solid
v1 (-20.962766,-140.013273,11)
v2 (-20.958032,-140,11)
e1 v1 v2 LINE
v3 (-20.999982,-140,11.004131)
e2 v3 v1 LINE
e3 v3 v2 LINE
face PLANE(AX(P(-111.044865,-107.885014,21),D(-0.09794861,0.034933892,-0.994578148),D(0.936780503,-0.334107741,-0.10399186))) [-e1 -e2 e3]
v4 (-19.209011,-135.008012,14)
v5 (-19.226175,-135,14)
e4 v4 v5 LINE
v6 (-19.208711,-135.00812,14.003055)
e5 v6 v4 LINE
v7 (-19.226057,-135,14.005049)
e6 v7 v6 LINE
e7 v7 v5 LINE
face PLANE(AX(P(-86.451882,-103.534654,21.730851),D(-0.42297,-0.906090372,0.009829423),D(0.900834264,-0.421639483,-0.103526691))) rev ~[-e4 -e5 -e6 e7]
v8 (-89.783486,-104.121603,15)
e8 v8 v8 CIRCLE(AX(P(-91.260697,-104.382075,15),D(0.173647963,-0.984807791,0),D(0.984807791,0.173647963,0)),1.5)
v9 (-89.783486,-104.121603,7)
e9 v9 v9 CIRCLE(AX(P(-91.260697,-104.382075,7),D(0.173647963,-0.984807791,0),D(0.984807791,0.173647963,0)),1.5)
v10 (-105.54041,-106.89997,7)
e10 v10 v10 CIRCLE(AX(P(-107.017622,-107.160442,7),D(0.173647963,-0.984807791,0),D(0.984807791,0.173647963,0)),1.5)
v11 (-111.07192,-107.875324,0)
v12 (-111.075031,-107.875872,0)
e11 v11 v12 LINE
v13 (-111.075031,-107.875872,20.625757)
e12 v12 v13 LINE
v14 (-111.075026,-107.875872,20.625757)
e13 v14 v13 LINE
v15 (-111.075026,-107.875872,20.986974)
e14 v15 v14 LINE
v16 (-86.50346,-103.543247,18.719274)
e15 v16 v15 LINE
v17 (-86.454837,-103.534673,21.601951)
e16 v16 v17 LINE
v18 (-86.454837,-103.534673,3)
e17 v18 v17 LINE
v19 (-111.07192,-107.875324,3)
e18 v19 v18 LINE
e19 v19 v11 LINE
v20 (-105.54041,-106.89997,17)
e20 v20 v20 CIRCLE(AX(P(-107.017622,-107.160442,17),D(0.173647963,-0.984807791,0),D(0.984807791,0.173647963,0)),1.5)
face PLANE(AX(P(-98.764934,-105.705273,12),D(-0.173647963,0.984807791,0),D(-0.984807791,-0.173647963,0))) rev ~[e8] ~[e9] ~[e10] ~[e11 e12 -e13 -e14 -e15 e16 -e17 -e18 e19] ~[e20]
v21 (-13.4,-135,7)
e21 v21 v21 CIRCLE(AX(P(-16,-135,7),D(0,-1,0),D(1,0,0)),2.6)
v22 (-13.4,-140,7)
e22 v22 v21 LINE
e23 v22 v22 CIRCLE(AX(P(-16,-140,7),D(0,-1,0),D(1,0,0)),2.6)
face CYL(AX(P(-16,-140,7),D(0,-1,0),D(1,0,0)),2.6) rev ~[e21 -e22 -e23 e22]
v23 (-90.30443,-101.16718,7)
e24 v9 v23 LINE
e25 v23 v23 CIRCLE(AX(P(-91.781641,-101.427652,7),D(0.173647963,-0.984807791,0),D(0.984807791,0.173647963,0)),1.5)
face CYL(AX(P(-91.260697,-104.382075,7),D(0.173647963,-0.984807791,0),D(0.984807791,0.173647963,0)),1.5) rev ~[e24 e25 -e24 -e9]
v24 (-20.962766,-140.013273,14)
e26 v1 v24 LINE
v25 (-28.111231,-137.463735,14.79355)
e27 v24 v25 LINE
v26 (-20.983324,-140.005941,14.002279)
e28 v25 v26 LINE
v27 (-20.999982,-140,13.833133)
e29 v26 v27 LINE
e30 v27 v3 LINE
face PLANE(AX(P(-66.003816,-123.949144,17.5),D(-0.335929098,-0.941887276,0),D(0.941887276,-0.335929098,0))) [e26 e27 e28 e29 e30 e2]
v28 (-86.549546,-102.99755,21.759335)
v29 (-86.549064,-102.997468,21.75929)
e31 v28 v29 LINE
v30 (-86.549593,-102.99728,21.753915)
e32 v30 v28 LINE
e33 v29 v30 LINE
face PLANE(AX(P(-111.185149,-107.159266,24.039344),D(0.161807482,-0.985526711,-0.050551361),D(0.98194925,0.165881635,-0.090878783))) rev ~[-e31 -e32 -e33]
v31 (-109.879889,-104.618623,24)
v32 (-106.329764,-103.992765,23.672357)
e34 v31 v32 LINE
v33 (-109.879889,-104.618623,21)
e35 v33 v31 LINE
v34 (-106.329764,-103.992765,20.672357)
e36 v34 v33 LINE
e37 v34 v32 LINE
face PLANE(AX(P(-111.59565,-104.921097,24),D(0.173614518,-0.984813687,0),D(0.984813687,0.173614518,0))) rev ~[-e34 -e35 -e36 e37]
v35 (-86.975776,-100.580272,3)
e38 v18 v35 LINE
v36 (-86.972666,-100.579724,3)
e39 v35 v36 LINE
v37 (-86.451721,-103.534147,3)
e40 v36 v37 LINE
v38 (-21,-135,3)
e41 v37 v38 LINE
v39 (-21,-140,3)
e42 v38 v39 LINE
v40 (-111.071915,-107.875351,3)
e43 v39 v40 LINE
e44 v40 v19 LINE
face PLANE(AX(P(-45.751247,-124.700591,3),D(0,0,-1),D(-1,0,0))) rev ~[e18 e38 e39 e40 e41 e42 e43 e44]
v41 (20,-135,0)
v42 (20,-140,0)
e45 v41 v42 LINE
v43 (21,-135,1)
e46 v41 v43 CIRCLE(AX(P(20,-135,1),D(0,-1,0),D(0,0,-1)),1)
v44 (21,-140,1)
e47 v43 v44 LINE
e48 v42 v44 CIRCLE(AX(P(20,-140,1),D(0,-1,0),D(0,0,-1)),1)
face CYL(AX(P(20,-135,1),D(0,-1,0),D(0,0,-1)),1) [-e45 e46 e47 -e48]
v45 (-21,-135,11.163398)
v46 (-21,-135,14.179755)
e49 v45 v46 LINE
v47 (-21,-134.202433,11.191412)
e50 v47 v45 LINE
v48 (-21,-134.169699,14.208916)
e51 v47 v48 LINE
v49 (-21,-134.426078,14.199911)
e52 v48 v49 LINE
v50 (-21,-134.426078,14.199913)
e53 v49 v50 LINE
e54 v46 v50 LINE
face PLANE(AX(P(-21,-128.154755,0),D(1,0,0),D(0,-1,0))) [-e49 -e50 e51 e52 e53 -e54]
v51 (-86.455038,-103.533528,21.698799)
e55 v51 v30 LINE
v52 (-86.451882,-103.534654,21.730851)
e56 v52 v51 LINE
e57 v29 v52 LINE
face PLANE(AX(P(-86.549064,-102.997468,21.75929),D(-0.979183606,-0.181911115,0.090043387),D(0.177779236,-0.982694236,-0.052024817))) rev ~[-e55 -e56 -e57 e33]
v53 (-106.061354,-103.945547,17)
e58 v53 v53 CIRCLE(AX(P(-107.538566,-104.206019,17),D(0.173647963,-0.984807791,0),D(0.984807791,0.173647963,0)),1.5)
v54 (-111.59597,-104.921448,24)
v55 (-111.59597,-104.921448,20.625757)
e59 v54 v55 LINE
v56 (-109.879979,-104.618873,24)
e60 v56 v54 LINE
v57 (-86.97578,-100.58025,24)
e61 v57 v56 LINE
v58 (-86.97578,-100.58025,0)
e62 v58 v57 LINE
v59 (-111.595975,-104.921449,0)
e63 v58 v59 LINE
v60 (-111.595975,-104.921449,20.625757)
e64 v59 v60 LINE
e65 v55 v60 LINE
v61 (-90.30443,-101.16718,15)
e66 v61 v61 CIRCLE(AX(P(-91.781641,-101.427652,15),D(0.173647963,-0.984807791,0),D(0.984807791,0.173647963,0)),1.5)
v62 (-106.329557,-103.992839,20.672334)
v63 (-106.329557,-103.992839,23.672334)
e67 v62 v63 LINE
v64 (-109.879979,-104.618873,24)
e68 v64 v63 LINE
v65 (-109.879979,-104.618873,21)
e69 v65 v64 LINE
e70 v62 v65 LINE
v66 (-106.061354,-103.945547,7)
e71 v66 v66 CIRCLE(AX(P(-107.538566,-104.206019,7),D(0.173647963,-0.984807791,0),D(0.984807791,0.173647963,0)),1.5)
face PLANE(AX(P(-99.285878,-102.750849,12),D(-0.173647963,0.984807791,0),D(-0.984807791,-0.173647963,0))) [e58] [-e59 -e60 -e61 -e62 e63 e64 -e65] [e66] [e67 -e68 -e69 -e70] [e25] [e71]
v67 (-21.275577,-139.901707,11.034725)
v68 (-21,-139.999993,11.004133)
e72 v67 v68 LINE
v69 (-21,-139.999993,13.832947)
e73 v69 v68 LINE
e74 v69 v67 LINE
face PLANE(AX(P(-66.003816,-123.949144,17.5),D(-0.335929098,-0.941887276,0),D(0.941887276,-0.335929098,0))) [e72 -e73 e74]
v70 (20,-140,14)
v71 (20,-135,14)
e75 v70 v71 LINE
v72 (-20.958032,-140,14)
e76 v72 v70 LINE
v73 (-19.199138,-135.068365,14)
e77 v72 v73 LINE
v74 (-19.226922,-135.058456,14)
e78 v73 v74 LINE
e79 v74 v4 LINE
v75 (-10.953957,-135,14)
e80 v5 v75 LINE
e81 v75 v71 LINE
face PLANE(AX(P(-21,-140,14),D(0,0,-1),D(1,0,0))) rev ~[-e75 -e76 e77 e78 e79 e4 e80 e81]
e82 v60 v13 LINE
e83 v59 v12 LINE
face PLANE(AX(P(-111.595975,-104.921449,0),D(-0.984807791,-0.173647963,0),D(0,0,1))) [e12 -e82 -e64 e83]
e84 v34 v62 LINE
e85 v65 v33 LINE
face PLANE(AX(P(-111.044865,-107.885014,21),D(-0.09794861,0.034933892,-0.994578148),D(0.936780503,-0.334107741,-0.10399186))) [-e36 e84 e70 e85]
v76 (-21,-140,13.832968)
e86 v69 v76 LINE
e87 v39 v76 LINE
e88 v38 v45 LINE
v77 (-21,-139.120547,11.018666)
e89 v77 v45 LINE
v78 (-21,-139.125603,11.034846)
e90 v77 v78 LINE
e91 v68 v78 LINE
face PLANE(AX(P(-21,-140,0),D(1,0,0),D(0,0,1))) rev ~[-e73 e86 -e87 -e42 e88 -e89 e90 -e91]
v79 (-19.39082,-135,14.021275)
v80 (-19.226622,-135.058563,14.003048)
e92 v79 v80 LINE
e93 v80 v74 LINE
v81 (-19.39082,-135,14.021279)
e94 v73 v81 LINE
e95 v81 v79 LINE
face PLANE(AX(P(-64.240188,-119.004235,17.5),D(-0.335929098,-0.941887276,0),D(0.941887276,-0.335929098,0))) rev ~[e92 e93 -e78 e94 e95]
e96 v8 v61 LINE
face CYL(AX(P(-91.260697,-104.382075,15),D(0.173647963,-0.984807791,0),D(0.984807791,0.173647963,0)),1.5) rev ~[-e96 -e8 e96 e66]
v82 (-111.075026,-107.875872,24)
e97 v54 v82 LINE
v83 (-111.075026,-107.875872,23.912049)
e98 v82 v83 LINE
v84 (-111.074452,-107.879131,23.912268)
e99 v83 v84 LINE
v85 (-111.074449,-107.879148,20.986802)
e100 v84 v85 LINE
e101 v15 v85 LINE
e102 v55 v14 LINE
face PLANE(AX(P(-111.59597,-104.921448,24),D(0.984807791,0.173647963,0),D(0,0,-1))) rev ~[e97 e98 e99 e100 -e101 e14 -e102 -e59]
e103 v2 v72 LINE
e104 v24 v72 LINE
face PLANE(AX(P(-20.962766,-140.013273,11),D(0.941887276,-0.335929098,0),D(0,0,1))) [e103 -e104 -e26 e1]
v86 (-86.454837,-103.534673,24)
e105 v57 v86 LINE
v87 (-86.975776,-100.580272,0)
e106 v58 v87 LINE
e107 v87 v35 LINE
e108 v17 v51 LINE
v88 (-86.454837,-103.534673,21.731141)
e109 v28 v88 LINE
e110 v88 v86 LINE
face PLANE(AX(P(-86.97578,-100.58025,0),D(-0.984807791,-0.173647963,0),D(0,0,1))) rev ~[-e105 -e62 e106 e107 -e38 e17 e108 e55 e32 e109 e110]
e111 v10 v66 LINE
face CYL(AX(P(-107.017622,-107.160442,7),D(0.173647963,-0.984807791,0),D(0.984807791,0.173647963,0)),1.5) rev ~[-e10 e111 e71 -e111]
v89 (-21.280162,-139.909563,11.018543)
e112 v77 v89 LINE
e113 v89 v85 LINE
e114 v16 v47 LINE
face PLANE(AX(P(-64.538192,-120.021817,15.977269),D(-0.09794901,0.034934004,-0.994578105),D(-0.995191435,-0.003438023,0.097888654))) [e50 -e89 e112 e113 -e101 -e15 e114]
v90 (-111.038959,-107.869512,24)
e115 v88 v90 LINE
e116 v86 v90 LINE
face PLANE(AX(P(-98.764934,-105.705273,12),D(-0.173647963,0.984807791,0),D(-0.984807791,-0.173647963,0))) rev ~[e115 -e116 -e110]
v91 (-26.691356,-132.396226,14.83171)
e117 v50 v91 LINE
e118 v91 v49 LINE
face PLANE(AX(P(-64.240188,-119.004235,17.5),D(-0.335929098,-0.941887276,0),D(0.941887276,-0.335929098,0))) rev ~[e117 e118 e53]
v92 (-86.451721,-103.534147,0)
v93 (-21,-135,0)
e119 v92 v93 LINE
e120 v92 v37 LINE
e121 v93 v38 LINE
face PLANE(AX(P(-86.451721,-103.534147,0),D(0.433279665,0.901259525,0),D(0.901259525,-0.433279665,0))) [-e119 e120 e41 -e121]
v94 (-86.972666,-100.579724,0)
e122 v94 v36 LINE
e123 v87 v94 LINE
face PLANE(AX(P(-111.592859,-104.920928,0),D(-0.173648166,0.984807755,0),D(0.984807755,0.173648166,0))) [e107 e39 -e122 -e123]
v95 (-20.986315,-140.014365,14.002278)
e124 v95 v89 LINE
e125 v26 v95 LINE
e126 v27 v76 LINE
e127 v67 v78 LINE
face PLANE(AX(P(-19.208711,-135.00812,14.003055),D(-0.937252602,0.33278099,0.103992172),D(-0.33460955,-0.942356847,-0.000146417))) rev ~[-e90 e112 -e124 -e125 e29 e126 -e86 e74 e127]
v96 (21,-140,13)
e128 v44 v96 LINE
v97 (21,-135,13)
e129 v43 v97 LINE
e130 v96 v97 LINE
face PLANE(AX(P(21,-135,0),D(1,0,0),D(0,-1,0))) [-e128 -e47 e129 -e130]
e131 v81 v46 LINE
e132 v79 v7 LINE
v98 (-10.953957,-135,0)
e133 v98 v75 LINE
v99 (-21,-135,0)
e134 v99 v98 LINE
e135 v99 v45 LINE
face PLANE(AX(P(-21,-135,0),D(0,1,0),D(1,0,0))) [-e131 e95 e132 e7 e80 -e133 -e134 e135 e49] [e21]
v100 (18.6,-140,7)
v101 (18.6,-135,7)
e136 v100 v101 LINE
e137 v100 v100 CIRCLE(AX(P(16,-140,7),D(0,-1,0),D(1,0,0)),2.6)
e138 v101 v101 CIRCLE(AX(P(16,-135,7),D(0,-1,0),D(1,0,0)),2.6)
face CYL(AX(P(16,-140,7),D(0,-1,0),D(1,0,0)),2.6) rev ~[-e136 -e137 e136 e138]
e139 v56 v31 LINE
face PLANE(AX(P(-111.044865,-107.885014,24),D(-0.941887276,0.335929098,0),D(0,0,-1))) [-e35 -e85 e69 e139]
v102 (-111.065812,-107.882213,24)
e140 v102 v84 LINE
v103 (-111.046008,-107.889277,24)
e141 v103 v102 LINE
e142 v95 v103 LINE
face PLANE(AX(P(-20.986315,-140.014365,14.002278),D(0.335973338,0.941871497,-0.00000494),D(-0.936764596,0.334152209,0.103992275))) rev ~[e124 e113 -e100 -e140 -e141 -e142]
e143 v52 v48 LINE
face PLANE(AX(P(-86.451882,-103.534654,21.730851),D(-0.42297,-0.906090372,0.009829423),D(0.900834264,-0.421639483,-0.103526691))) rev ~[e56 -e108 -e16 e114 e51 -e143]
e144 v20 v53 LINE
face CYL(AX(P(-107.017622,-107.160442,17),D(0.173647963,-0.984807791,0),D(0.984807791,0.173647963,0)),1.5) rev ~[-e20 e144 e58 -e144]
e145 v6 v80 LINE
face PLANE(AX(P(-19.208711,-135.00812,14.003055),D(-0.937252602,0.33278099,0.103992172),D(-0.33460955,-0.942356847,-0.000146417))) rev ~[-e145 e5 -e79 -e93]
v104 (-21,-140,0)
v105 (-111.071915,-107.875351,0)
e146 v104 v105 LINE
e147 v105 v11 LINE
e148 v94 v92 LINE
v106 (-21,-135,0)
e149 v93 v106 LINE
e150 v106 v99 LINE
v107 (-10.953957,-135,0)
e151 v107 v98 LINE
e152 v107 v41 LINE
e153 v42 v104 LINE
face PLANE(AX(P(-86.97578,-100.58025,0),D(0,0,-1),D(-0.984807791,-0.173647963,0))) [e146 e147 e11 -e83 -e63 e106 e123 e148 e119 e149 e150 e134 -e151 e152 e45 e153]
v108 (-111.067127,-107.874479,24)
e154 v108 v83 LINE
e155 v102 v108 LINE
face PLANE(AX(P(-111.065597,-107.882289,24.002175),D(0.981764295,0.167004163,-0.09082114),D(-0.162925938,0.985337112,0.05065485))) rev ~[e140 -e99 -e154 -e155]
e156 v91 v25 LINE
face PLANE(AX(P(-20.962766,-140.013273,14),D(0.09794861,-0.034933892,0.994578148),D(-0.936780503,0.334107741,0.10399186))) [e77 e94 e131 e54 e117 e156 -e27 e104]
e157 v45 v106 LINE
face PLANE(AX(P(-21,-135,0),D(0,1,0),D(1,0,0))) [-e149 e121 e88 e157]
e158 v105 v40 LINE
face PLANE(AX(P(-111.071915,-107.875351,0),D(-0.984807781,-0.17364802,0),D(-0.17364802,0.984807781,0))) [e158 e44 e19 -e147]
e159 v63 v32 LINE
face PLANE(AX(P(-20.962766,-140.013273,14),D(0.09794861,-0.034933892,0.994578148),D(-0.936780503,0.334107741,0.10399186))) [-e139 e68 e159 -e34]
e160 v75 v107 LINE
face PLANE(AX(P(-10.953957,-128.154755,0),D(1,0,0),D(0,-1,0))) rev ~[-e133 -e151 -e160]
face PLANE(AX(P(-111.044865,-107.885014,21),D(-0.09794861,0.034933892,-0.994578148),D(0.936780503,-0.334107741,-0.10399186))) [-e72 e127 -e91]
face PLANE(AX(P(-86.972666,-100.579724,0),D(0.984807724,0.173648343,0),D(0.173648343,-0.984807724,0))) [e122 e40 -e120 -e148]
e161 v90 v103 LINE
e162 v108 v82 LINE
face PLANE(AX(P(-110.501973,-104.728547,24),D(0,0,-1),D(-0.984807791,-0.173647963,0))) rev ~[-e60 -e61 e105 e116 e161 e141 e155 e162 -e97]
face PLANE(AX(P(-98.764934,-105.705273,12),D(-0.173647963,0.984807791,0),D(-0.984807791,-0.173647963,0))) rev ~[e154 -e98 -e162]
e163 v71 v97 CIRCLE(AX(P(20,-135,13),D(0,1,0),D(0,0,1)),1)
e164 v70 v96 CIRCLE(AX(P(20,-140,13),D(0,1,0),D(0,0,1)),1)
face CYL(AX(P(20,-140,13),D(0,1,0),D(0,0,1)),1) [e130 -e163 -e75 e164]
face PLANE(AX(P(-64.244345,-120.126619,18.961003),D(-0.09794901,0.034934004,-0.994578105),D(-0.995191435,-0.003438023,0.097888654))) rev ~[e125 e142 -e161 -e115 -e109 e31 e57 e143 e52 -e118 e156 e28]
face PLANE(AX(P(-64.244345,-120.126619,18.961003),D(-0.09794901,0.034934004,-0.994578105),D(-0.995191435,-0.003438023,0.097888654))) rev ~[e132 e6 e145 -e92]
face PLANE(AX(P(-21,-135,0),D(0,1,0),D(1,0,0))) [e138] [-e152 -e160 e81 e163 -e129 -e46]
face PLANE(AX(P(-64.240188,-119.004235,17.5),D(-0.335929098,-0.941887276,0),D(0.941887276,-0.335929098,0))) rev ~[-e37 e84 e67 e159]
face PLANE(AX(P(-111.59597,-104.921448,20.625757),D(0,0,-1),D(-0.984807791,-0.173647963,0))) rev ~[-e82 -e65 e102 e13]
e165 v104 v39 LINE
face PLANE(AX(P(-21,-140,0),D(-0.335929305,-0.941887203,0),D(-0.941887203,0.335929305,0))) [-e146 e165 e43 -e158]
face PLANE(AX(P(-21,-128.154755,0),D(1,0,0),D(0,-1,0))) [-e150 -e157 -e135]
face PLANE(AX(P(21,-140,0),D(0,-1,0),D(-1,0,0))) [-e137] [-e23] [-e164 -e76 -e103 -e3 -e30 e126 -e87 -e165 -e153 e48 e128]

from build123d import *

# Parameters (mm, degrees)
PAD_DEPTH       = 3
SKETCH001_R     = 2.6
POCKET_DEPTH    = 39.421276
SKETCH002_W     = 42
SKETCH002_H     = 14
PAD001_DEPTH    = 5
SKETCH003_W     = 25
SKETCH003_H     = 24
PAD002_DEPTH    = 3
PAD003_DEPTH    = 5.25
PAD004_DEPTH    = 3
SKETCH006_R     = 2.6
POCKET001_DEPTH = 39.421276
SKETCH007_W     = 10.046043
SKETCH007_H     = 6.845245
POCKET002_DEPTH = 24.040304
POCKET003_DEPTH = 24.001
POCKET004_DEPTH = 57.585803
SKETCH009_R     = 1.5
POCKET005_DEPTH = 7.276792
FILLET_R        = 1


with BuildPart() as part:
    # Sketch → Pad (new body)
    with BuildSketch(Plane.XY):
        Polygon((-111.071915, -107.875351), (-111.592859, -104.920928), (-86.972666, -100.579724), (-86.451721, -103.534147), (-21, -135), (21, -135), (21, -140), (-21, -140), align=None)
    extrude(amount=PAD_DEPTH)

    # Sketch001 (on Face7 of Pad) → Pocket (cut, through all)
    with BuildSketch(Plane.XZ.offset(140)):
        with Locations((-11.143028, 7)):
            Circle(SKETCH001_R)
        with Locations((11.143028, 7)):
            Circle(SKETCH001_R)
    extrude(amount=-POCKET_DEPTH, mode=Mode.SUBTRACT)

    # Sketch002 (on Face7 of Pad) → Pad001 (join)
    with BuildSketch(Plane.XZ.offset(140)):
        with Locations((0, 7)):
            Rectangle(SKETCH002_W, SKETCH002_H)
    extrude(amount=-PAD001_DEPTH)

    # Sketch003 (on Face3 of Pad001) → Pad002 (join)
    with BuildSketch(Plane(origin=(14.577599, -82.673672, 0), x_dir=(-0.984808, -0.173648, 0), z_dir=(-0.173648, 0.984808, 0))):
        with Locations((115.62, 12)):
            Rectangle(SKETCH003_W, SKETCH003_H)
    extrude(amount=-PAD002_DEPTH)

    # Sketch004 (on Face14 of Pad002) → Pad003 (join)
    with BuildSketch(Plane(origin=(-46.66687, -130.845768, 0), x_dir=(0.941887, -0.335929, 0), z_dir=(-0.335929, -0.941887, 0))):
        Polygon((27.29, 14), (-68.35, 24), (-68.35, 21), (27.29, 11), align=None)
    extrude(amount=-PAD003_DEPTH)

    # Sketch005 (on Face25 of Pad003) → Pad004 (join)
    with BuildSketch(Plane(origin=(1.641818, -0.585563, 16.671151), x_dir=(0.995191, 0.003438, -0.097888), z_dir=(0.097949, -0.034934, 0.994578))):
        Polygon((-88.519324, -102.708058), (-20.951239, -134.433376), (-22.737431, -139.436564), (-113.251967, -106.97329), (-113.372097, -106.249408), (-88.616976, -102.170205), align=None)
    extrude(amount=-PAD004_DEPTH)

    # Sketch006 (on Face36 of Pad004) → Pocket001 (cut, through all)
    with BuildSketch(Plane.XZ.offset(140)):
        with Locations((-16, 7)):
            Circle(SKETCH006_R)
        with Locations((16, 7)):
            Circle(SKETCH006_R)
    extrude(amount=-POCKET001_DEPTH, mode=Mode.SUBTRACT)

    # Sketch007 (on Face17 of Pocket001) → Pocket002 (cut, through all)
    with BuildSketch(Plane(origin=(0, 0, 0), x_dir=(1, 0, 0), z_dir=(0, 0, -1))):
        with Locations((-15.976978, 131.577378)):
            Rectangle(SKETCH007_W, SKETCH007_H)
    extrude(amount=-POCKET002_DEPTH, mode=Mode.SUBTRACT)

    # Sketch008 (on Face10 of Pocket002) → Pocket003 (cut, through all)
    with BuildSketch(Plane.XY.offset(24)):
        Polygon((-111.59565, -104.921097), (-104.281212, -103.631622), (-103.238319, -101.954292), (-111.59565, -102.358459), align=None)
    extrude(amount=-POCKET003_DEPTH, mode=Mode.SUBTRACT)

    # Sketch010 (on Face4 of Pocket003) → Pocket004 (cut, through all)
    with BuildSketch(Plane(origin=(14.577599, -82.673672, 0), x_dir=(-0.984808, -0.173648, 0), z_dir=(-0.173648, 0.984808, 0))):
        Polygon((127.009121, 24), (128.119995, 24), (128.119995, 20.625757), (128.829539, 20.625757), (128.829539, 24.40741), (126.853241, 24.40741), align=None)
    extrude(amount=-POCKET004_DEPTH, mode=Mode.SUBTRACT)

    # Sketch009 (on Face20 of Pocket003) → Pocket005 (cut, through all)
    with BuildSketch(Plane(origin=(15.098544, -85.628095, 0), x_dir=(0.984808, 0.173648, 0), z_dir=(0.173648, -0.984808, 0))):
        with Locations((-124, 17)):
            Circle(SKETCH009_R)
        with Locations((-108, 15)):
            Circle(SKETCH009_R)
        with Locations((-124, 7)):
            Circle(SKETCH009_R)
        with Locations((-108, 7)):
            Circle(SKETCH009_R)
    extrude(amount=-POCKET005_DEPTH, mode=Mode.SUBTRACT)

    # Fillet
    fillet_edges = [part.edges().sort_by_distance(p)[0] for p in [
        (21, -137.5, 14),
        (21, -137.5, 0),
    ]]
    fillet(fillet_edges, radius=FILLET_R)


solid = part.part
